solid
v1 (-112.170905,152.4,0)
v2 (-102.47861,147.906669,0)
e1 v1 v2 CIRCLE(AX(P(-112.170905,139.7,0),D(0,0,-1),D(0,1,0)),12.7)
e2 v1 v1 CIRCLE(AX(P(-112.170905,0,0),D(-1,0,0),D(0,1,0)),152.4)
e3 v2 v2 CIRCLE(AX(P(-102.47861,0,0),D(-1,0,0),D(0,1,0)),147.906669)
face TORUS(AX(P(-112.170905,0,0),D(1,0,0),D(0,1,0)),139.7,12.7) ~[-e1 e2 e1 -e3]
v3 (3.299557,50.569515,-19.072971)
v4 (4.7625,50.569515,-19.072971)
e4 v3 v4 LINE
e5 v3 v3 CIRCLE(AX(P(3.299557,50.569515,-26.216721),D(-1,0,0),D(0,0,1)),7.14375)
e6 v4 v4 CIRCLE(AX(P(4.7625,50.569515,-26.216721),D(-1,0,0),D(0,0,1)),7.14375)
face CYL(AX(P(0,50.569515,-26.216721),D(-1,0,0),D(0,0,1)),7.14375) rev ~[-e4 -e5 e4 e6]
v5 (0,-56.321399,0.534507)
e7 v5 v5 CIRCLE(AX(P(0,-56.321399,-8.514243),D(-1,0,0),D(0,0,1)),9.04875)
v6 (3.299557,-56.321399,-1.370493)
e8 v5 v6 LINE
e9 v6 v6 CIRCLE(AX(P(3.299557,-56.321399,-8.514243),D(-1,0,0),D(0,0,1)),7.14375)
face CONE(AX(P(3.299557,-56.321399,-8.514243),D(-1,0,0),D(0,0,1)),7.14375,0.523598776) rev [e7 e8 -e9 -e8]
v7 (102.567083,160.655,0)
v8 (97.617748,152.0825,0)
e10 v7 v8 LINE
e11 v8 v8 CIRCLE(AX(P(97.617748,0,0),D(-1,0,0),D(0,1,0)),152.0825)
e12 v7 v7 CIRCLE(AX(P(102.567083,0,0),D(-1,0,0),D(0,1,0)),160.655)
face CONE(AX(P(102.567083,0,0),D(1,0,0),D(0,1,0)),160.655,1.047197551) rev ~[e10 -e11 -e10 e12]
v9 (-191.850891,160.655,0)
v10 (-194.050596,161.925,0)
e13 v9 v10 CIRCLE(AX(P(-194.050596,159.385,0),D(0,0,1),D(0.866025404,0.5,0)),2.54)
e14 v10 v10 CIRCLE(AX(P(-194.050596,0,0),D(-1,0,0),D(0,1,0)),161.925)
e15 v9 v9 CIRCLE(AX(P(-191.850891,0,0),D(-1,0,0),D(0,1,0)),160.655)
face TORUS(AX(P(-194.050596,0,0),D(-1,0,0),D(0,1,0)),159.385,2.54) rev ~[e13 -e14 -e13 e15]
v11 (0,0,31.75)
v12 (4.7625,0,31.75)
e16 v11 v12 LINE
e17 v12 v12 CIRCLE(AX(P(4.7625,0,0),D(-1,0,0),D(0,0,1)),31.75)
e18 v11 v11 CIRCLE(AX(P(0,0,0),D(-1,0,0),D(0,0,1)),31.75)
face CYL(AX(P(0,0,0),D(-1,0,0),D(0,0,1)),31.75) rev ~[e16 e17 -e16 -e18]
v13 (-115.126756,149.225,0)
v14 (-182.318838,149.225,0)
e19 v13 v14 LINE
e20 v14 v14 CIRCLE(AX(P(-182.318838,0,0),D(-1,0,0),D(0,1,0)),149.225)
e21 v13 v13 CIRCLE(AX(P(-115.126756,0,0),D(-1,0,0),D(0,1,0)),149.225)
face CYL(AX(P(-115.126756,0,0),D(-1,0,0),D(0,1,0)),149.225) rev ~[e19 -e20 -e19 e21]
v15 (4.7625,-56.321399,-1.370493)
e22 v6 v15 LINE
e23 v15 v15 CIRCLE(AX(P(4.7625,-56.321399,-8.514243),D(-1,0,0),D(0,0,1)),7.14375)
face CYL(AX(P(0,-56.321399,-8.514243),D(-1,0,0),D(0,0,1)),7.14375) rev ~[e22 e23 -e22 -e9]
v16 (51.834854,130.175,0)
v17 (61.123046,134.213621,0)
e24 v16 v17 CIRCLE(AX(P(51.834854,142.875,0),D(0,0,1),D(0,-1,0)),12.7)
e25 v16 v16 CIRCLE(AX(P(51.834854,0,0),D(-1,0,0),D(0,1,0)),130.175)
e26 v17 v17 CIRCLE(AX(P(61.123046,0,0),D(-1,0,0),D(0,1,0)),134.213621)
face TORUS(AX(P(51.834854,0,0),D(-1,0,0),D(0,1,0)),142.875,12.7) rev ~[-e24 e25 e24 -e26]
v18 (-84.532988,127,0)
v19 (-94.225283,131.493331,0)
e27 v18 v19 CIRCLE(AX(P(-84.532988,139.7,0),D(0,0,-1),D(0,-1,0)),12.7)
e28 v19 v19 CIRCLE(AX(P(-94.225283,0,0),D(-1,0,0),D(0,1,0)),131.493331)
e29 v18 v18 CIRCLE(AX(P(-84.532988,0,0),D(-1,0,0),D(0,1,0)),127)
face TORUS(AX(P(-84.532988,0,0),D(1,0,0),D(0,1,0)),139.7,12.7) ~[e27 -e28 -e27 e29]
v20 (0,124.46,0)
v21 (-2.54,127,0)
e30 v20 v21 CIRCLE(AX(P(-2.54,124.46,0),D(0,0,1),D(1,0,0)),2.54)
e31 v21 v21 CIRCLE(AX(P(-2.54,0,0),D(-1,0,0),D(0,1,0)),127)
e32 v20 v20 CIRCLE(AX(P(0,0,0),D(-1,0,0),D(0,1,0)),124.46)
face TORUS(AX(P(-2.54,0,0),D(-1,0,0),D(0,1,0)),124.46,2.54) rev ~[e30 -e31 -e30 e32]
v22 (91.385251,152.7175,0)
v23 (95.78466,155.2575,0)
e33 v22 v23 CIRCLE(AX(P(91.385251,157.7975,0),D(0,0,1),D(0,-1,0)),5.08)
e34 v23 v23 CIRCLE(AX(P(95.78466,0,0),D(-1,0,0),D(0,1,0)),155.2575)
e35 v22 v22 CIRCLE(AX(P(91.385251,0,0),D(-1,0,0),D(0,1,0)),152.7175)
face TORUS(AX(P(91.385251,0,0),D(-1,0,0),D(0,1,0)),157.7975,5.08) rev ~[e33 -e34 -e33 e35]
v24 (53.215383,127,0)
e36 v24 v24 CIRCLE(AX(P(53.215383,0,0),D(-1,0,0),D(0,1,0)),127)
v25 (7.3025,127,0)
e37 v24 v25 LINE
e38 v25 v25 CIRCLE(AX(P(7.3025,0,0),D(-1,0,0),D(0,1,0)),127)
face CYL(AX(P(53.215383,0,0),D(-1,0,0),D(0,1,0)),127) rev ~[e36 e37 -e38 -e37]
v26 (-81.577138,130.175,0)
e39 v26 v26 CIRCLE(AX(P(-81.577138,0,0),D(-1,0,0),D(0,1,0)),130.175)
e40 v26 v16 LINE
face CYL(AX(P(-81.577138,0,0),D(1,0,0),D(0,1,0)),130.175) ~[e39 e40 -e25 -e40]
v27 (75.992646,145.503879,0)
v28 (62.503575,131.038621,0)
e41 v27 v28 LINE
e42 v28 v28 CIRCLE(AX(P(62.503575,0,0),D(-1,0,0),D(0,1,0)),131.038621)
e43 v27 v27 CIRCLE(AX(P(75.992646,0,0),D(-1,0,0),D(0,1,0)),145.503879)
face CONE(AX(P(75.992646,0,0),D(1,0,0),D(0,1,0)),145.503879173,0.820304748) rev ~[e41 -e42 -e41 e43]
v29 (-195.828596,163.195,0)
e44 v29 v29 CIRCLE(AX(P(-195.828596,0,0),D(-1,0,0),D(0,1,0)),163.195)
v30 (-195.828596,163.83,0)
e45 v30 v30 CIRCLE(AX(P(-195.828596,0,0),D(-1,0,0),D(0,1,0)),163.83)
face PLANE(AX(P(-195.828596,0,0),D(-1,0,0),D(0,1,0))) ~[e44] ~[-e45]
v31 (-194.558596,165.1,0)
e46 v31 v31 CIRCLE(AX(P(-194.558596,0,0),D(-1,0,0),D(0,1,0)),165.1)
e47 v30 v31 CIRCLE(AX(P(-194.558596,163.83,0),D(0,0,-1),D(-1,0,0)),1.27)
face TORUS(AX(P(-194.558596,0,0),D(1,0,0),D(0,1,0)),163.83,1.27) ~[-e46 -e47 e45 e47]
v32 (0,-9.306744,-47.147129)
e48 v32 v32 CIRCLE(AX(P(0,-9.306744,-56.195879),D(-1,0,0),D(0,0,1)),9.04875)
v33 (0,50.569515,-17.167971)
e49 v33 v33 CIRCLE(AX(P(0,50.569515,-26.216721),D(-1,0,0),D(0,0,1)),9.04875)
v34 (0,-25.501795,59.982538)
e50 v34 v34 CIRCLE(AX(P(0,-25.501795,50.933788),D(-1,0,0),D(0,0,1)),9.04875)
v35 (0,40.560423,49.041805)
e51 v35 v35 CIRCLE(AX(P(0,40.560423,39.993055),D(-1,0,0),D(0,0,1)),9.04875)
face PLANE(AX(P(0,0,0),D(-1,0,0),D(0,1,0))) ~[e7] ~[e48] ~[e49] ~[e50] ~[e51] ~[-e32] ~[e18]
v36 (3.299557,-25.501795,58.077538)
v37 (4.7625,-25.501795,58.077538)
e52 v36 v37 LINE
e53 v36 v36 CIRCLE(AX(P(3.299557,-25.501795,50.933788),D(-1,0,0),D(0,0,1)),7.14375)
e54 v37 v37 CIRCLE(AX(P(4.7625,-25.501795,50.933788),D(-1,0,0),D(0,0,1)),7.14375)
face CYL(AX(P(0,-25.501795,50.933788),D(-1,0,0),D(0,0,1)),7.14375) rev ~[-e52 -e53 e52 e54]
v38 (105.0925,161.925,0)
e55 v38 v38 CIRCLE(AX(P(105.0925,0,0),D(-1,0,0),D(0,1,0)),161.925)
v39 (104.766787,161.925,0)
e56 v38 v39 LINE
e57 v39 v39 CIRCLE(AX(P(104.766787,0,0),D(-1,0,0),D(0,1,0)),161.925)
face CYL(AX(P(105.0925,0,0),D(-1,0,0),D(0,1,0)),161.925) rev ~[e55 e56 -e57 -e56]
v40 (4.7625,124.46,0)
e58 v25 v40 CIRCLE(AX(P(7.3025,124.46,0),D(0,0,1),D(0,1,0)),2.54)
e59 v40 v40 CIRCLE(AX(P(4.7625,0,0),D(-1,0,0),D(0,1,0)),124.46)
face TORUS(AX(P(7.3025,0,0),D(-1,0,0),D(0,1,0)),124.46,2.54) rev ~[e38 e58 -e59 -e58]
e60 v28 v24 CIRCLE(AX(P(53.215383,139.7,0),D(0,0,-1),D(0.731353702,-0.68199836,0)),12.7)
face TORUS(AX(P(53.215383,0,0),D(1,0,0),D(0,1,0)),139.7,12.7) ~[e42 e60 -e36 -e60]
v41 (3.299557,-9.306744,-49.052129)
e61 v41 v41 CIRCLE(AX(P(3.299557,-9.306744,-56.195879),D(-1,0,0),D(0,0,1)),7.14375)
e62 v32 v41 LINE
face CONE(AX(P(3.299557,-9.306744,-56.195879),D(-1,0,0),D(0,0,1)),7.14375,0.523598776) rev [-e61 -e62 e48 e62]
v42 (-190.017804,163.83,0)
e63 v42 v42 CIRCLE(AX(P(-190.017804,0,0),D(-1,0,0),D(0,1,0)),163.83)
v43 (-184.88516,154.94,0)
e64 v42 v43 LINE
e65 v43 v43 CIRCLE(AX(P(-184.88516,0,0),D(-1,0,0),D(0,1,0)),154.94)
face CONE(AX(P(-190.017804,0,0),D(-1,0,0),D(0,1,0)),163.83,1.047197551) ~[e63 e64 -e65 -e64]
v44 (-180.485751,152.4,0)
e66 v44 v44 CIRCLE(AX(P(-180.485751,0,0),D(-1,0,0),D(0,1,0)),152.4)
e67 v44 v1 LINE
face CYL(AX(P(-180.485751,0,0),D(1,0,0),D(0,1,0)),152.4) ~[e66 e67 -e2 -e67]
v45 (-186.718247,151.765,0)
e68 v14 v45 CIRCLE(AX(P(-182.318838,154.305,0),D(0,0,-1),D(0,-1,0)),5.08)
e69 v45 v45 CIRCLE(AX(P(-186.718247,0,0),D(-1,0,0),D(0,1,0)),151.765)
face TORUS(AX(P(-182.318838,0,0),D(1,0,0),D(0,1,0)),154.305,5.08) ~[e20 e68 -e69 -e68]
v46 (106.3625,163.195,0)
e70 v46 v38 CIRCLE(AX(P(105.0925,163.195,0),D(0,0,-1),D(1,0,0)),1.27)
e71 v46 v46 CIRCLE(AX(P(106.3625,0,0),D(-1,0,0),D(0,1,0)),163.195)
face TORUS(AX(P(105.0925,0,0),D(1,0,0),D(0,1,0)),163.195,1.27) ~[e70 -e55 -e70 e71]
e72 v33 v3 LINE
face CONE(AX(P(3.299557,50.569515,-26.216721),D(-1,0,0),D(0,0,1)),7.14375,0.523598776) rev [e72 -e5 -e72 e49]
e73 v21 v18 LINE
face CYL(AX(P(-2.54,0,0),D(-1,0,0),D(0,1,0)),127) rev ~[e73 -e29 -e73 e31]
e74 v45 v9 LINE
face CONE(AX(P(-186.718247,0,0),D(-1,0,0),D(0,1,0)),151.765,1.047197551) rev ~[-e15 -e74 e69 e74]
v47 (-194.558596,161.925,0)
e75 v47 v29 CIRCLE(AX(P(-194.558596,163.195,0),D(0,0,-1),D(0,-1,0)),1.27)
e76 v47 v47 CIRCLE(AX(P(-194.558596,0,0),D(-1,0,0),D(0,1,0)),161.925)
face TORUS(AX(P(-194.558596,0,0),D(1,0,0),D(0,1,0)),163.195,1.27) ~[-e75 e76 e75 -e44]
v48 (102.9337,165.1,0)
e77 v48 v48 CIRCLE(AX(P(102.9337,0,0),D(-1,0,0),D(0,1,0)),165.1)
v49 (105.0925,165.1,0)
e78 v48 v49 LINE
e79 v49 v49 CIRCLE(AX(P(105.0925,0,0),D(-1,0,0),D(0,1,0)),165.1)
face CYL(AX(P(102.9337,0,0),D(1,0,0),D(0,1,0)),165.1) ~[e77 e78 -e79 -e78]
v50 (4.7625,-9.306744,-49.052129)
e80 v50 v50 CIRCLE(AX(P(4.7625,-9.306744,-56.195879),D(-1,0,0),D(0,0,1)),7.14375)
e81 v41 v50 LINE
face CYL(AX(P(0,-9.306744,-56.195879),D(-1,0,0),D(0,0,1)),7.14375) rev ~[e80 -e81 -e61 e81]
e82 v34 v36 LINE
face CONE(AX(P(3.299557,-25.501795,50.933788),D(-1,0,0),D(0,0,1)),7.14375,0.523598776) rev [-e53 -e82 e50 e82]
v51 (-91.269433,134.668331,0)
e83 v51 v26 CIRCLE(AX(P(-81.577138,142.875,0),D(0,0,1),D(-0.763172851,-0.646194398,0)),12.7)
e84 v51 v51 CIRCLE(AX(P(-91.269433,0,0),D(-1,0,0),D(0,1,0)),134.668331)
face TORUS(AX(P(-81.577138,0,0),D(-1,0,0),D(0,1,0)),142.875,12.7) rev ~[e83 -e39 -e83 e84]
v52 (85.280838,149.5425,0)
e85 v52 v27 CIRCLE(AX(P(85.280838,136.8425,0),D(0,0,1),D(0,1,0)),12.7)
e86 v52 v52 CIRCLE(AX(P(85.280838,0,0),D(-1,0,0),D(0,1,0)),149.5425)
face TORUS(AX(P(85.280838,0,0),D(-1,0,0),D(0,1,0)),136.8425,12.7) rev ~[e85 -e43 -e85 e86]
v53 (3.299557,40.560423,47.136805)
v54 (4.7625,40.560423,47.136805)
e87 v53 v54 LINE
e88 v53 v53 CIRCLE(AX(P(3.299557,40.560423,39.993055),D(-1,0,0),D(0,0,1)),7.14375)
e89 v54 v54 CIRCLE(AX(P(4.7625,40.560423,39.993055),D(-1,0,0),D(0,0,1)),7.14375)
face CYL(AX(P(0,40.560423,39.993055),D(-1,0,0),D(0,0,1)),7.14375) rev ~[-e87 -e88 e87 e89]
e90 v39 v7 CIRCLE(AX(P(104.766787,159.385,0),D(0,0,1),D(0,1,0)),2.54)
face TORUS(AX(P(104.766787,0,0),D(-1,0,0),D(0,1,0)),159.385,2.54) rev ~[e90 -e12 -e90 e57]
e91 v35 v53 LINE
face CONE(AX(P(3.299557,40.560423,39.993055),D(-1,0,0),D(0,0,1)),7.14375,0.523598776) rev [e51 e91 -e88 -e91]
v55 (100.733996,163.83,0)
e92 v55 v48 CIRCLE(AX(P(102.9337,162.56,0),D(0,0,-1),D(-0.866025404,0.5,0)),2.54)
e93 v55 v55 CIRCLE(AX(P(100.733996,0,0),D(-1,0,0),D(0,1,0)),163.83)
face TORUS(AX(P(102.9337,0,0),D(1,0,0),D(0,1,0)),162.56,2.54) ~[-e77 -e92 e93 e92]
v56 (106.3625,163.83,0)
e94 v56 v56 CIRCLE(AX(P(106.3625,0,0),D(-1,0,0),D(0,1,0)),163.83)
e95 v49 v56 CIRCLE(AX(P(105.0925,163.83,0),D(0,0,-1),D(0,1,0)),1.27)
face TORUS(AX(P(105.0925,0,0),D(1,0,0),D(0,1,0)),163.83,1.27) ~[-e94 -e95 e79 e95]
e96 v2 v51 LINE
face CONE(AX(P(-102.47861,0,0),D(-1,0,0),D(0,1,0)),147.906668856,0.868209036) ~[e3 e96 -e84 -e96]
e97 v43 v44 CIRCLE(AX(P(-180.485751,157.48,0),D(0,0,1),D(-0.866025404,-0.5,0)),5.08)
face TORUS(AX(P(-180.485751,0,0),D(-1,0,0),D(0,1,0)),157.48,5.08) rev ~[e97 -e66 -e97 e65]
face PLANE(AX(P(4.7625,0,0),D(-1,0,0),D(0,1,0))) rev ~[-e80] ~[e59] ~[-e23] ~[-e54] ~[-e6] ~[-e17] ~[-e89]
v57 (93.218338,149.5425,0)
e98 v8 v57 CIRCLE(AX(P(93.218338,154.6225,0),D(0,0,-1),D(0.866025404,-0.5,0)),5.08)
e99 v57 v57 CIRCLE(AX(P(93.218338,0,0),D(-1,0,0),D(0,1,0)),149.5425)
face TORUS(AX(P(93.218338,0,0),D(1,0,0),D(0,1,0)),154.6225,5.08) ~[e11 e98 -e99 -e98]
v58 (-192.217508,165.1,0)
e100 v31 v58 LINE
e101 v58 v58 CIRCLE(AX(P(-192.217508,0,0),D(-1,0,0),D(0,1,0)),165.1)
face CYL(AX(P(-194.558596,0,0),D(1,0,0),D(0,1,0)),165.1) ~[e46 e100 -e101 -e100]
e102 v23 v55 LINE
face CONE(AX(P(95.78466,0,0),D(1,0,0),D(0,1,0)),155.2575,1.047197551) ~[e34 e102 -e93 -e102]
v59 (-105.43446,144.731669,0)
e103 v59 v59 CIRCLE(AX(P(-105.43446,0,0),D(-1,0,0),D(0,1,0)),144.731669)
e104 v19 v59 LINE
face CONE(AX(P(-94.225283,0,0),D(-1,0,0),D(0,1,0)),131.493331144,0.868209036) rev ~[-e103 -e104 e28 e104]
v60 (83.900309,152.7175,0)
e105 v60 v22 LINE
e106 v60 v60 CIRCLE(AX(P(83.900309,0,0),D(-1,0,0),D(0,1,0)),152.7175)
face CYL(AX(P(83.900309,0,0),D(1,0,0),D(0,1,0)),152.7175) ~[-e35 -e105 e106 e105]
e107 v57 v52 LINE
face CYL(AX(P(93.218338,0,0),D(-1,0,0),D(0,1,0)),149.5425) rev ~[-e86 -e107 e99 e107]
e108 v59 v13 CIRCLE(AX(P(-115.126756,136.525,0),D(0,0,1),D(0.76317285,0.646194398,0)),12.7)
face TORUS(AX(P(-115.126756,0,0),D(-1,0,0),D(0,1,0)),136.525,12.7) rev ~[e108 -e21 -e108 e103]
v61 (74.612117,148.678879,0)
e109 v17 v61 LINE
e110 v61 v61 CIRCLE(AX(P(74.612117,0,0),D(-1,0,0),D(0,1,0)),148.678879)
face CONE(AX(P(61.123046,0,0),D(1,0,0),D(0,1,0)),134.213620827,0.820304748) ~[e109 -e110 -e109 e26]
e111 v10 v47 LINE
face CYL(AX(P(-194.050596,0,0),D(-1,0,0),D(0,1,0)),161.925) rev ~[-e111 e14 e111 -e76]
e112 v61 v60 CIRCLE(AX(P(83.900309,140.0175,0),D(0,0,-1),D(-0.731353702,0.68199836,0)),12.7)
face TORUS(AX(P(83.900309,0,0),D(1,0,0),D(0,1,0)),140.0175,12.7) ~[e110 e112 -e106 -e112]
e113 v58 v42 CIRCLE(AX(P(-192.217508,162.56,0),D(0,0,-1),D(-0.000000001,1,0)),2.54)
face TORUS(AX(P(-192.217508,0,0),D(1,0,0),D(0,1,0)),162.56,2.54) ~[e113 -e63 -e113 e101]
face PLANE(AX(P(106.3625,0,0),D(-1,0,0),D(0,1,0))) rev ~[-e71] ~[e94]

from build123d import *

# Parameters (mm, degrees)
CUT_EXTRUDE1_REACH = 108.363
SKETCH2_R          = 31.75
SKETCH2_R_2        = 7.14375
CHAMFER1_SIZE      = 1.905
CHAMFER1_SIZE2     = 3.299556788


with BuildPart() as part:
    # Sketch1 → Revolve1 (revolve)
    with BuildSketch(Plane.XY):
        with BuildLine():
            Line((-81.577137896, 130.175), (51.834853547, 130.175))
            ThreePointArc((51.834853547, 130.175), (56.898966723, 131.228337055), (61.123045558, 134.213620827))
            Line((61.123045558, 134.213620827), (74.61211719, 148.678879173))
            ThreePointArc((74.61211719, 148.678879173), (78.836196025, 151.664162945), (83.900309201, 152.7175))
            Line((83.900309201, 152.7175), (91.385251387, 152.7175))
            ThreePointArc((91.385251387, 152.7175), (93.925251387, 153.398090949), (95.784660438, 155.2575))
            Line((95.784660438, 155.2575), (100.73399562, 163.83))
            ThreePointArc((100.73399562, 163.83), (101.663700146, 164.759704526), (102.933700146, 165.1))
            Line((102.933700146, 165.1), (105.0925, 165.1))
            ThreePointArc((105.0925, 165.1), (105.990525612, 164.728025612), (106.3625, 163.83))
            Line((106.3625, 163.83), (106.3625, 163.195))
            ThreePointArc((106.3625, 163.195), (105.990525612, 162.296974388), (105.0925, 161.925))
            Line((105.0925, 161.925), (104.766787251, 161.925))
            ThreePointArc((104.766787251, 161.925), (103.496787251, 161.584704526), (102.567082725, 160.655))
            Line((102.567082725, 160.655), (97.617747542, 152.0825))
            ThreePointArc((97.617747542, 152.0825), (95.758338491, 150.223090949), (93.218338491, 149.5425))
            Line((93.218338491, 149.5425), (85.280838491, 149.5425))
            ThreePointArc((85.280838491, 149.5425), (80.216725316, 148.489162945), (75.992646481, 145.503879173))
            Line((75.992646481, 145.503879173), (62.503574849, 131.038620827))
            ThreePointArc((62.503574849, 131.038620827), (58.279496013, 128.053337055), (53.215382838, 127))
            Line((53.215382838, 127), (7.3025, 127))
            ThreePointArc((7.3025, 127), (5.506448776, 126.256051224), (4.7625, 124.46))
            Line((4.7625, 124.46), (4.7625, 0))
            Line((4.7625, 0), (0, 0))
            Line((0, 0), (0, 124.46))
            ThreePointArc((0, 124.46), (-0.743948776, 126.256051224), (-2.54, 127))
            Line((-2.54, 127), (-84.532988058, 127))
            ThreePointArc((-84.532988058, 127), (-89.874584521, 128.17796254), (-94.225283261, 131.493331144))
            Line((-94.225283261, 131.493331144), (-105.434460398, 144.731668856))
            ThreePointArc((-105.434460398, 144.731668856), (-109.785159139, 148.04703746), (-115.126755601, 149.225))
            Line((-115.126755601, 149.225), (-182.318838034, 149.225))
            ThreePointArc((-182.318838034, 149.225), (-184.858838034, 149.905590949), (-186.718247085, 151.765))
            Line((-186.718247085, 151.765), (-191.850890978, 160.655))
            ThreePointArc((-191.850890978, 160.655), (-192.780595504, 161.584704526), (-194.050595504, 161.925))
            Line((-194.050595504, 161.925), (-194.558595504, 161.925))
            ThreePointArc((-194.558595504, 161.925), (-195.456621116, 162.296974388), (-195.828595504, 163.195))
            Line((-195.828595504, 163.195), (-195.828595504, 163.83))
            ThreePointArc((-195.828595504, 163.83), (-195.456621116, 164.728025612), (-194.558595504, 165.1))
            Line((-194.558595504, 165.1), (-192.217508399, 165.1))
            ThreePointArc((-192.217508399, 165.1), (-190.947508399, 164.759704526), (-190.017803874, 163.83))
            Line((-190.017803874, 163.83), (-184.885159981, 154.94))
            ThreePointArc((-184.885159981, 154.94), (-183.025750929, 153.080590949), (-180.485750929, 152.4))
            Line((-180.485750929, 152.4), (-112.170905439, 152.4))
            ThreePointArc((-112.170905439, 152.4), (-106.829308976, 151.22203746), (-102.478610236, 147.906668856))
            Line((-102.478610236, 147.906668856), (-91.269433099, 134.668331144))
            ThreePointArc((-91.269433099, 134.668331144), (-86.918734359, 131.35296254), (-81.577137896, 130.175))
        make_face()
    revolve(axis=Axis((4.7625, 0, 0), (-1, 0, 0)))

    # Sketch2 → Cut-Extrude1 (cut, up to next)
    with BuildSketch(Plane.ZY, mode=Mode.PRIVATE) as cut_extrude1_sk1:
        Circle(SKETCH2_R)
    cut_extrude1_tool1 = extrude(cut_extrude1_sk1.sketch, amount=-CUT_EXTRUDE1_REACH, mode=Mode.PRIVATE) & part.part
    add(cut_extrude1_tool1.solids().sort_by_distance((0, 0, 0))[0], mode=Mode.SUBTRACT)
    # Sketch2 → Cut-Extrude1 (cut, up to next)
    with BuildSketch(Plane.ZY, mode=Mode.PRIVATE) as cut_extrude1_sk2:
        with Locations((-26.216720932, 50.56951524)):
            Circle(SKETCH2_R_2)
    cut_extrude1_tool2 = extrude(cut_extrude1_sk2.sketch, amount=-CUT_EXTRUDE1_REACH, mode=Mode.PRIVATE) & part.part
    add(cut_extrude1_tool2.solids().sort_by_distance((0, 50.569515, -26.216721))[0], mode=Mode.SUBTRACT)
    # Sketch2 → Cut-Extrude1 (cut, up to next)
    with BuildSketch(Plane.ZY, mode=Mode.PRIVATE) as cut_extrude1_sk3:
        with Locations((39.99305469, 40.560422884)):
            Circle(SKETCH2_R_2)
    cut_extrude1_tool3 = extrude(cut_extrude1_sk3.sketch, amount=-CUT_EXTRUDE1_REACH, mode=Mode.PRIVATE) & part.part
    add(cut_extrude1_tool3.solids().sort_by_distance((0, 40.560423, 39.993055))[0], mode=Mode.SUBTRACT)
    # Sketch2 → Cut-Extrude1 (cut, up to next)
    with BuildSketch(Plane.ZY, mode=Mode.PRIVATE) as cut_extrude1_sk4:
        with Locations((50.933788044, -25.501795299)):
            Circle(SKETCH2_R_2)
    cut_extrude1_tool4 = extrude(cut_extrude1_sk4.sketch, amount=-CUT_EXTRUDE1_REACH, mode=Mode.PRIVATE) & part.part
    add(cut_extrude1_tool4.solids().sort_by_distance((0, -25.501795, 50.933788))[0], mode=Mode.SUBTRACT)
    # Sketch2 → Cut-Extrude1 (cut, up to next)
    with BuildSketch(Plane.ZY, mode=Mode.PRIVATE) as cut_extrude1_sk5:
        with Locations((-8.514242503, -56.321399153)):
            Circle(SKETCH2_R_2)
    cut_extrude1_tool5 = extrude(cut_extrude1_sk5.sketch, amount=-CUT_EXTRUDE1_REACH, mode=Mode.PRIVATE) & part.part
    add(cut_extrude1_tool5.solids().sort_by_distance((0, -56.321399, -8.514243))[0], mode=Mode.SUBTRACT)
    # Sketch2 → Cut-Extrude1 (cut, up to next)
    with BuildSketch(Plane.ZY, mode=Mode.PRIVATE) as cut_extrude1_sk6:
        with Locations((-56.195879299, -9.306743672)):
            Circle(SKETCH2_R_2)
    cut_extrude1_tool6 = extrude(cut_extrude1_sk6.sketch, amount=-CUT_EXTRUDE1_REACH, mode=Mode.PRIVATE) & part.part
    add(cut_extrude1_tool6.solids().sort_by_distance((0, -9.306744, -56.195879))[0], mode=Mode.SUBTRACT)

    # Chamfer1
    chamfer1_edges = [part.edges().sort_by_distance(p)[0] for p in [
        (0, -25.501795299, 43.790038044),
        (0, 40.560422884, 32.84930469),
        (0, 50.56951524, -33.360470932),
        (0, -9.306743672, -63.339629299),
        (0, -56.321399153, -15.657992503),
    ]]
    chamfer1_side = [part.faces().sort_by_distance(p)[0] for p in [
        (0, -120.939739601, 0),
    ]]
    chamfer(chamfer1_edges, length=CHAMFER1_SIZE, length2=CHAMFER1_SIZE2, reference=chamfer1_side[0])


solid = part.part
